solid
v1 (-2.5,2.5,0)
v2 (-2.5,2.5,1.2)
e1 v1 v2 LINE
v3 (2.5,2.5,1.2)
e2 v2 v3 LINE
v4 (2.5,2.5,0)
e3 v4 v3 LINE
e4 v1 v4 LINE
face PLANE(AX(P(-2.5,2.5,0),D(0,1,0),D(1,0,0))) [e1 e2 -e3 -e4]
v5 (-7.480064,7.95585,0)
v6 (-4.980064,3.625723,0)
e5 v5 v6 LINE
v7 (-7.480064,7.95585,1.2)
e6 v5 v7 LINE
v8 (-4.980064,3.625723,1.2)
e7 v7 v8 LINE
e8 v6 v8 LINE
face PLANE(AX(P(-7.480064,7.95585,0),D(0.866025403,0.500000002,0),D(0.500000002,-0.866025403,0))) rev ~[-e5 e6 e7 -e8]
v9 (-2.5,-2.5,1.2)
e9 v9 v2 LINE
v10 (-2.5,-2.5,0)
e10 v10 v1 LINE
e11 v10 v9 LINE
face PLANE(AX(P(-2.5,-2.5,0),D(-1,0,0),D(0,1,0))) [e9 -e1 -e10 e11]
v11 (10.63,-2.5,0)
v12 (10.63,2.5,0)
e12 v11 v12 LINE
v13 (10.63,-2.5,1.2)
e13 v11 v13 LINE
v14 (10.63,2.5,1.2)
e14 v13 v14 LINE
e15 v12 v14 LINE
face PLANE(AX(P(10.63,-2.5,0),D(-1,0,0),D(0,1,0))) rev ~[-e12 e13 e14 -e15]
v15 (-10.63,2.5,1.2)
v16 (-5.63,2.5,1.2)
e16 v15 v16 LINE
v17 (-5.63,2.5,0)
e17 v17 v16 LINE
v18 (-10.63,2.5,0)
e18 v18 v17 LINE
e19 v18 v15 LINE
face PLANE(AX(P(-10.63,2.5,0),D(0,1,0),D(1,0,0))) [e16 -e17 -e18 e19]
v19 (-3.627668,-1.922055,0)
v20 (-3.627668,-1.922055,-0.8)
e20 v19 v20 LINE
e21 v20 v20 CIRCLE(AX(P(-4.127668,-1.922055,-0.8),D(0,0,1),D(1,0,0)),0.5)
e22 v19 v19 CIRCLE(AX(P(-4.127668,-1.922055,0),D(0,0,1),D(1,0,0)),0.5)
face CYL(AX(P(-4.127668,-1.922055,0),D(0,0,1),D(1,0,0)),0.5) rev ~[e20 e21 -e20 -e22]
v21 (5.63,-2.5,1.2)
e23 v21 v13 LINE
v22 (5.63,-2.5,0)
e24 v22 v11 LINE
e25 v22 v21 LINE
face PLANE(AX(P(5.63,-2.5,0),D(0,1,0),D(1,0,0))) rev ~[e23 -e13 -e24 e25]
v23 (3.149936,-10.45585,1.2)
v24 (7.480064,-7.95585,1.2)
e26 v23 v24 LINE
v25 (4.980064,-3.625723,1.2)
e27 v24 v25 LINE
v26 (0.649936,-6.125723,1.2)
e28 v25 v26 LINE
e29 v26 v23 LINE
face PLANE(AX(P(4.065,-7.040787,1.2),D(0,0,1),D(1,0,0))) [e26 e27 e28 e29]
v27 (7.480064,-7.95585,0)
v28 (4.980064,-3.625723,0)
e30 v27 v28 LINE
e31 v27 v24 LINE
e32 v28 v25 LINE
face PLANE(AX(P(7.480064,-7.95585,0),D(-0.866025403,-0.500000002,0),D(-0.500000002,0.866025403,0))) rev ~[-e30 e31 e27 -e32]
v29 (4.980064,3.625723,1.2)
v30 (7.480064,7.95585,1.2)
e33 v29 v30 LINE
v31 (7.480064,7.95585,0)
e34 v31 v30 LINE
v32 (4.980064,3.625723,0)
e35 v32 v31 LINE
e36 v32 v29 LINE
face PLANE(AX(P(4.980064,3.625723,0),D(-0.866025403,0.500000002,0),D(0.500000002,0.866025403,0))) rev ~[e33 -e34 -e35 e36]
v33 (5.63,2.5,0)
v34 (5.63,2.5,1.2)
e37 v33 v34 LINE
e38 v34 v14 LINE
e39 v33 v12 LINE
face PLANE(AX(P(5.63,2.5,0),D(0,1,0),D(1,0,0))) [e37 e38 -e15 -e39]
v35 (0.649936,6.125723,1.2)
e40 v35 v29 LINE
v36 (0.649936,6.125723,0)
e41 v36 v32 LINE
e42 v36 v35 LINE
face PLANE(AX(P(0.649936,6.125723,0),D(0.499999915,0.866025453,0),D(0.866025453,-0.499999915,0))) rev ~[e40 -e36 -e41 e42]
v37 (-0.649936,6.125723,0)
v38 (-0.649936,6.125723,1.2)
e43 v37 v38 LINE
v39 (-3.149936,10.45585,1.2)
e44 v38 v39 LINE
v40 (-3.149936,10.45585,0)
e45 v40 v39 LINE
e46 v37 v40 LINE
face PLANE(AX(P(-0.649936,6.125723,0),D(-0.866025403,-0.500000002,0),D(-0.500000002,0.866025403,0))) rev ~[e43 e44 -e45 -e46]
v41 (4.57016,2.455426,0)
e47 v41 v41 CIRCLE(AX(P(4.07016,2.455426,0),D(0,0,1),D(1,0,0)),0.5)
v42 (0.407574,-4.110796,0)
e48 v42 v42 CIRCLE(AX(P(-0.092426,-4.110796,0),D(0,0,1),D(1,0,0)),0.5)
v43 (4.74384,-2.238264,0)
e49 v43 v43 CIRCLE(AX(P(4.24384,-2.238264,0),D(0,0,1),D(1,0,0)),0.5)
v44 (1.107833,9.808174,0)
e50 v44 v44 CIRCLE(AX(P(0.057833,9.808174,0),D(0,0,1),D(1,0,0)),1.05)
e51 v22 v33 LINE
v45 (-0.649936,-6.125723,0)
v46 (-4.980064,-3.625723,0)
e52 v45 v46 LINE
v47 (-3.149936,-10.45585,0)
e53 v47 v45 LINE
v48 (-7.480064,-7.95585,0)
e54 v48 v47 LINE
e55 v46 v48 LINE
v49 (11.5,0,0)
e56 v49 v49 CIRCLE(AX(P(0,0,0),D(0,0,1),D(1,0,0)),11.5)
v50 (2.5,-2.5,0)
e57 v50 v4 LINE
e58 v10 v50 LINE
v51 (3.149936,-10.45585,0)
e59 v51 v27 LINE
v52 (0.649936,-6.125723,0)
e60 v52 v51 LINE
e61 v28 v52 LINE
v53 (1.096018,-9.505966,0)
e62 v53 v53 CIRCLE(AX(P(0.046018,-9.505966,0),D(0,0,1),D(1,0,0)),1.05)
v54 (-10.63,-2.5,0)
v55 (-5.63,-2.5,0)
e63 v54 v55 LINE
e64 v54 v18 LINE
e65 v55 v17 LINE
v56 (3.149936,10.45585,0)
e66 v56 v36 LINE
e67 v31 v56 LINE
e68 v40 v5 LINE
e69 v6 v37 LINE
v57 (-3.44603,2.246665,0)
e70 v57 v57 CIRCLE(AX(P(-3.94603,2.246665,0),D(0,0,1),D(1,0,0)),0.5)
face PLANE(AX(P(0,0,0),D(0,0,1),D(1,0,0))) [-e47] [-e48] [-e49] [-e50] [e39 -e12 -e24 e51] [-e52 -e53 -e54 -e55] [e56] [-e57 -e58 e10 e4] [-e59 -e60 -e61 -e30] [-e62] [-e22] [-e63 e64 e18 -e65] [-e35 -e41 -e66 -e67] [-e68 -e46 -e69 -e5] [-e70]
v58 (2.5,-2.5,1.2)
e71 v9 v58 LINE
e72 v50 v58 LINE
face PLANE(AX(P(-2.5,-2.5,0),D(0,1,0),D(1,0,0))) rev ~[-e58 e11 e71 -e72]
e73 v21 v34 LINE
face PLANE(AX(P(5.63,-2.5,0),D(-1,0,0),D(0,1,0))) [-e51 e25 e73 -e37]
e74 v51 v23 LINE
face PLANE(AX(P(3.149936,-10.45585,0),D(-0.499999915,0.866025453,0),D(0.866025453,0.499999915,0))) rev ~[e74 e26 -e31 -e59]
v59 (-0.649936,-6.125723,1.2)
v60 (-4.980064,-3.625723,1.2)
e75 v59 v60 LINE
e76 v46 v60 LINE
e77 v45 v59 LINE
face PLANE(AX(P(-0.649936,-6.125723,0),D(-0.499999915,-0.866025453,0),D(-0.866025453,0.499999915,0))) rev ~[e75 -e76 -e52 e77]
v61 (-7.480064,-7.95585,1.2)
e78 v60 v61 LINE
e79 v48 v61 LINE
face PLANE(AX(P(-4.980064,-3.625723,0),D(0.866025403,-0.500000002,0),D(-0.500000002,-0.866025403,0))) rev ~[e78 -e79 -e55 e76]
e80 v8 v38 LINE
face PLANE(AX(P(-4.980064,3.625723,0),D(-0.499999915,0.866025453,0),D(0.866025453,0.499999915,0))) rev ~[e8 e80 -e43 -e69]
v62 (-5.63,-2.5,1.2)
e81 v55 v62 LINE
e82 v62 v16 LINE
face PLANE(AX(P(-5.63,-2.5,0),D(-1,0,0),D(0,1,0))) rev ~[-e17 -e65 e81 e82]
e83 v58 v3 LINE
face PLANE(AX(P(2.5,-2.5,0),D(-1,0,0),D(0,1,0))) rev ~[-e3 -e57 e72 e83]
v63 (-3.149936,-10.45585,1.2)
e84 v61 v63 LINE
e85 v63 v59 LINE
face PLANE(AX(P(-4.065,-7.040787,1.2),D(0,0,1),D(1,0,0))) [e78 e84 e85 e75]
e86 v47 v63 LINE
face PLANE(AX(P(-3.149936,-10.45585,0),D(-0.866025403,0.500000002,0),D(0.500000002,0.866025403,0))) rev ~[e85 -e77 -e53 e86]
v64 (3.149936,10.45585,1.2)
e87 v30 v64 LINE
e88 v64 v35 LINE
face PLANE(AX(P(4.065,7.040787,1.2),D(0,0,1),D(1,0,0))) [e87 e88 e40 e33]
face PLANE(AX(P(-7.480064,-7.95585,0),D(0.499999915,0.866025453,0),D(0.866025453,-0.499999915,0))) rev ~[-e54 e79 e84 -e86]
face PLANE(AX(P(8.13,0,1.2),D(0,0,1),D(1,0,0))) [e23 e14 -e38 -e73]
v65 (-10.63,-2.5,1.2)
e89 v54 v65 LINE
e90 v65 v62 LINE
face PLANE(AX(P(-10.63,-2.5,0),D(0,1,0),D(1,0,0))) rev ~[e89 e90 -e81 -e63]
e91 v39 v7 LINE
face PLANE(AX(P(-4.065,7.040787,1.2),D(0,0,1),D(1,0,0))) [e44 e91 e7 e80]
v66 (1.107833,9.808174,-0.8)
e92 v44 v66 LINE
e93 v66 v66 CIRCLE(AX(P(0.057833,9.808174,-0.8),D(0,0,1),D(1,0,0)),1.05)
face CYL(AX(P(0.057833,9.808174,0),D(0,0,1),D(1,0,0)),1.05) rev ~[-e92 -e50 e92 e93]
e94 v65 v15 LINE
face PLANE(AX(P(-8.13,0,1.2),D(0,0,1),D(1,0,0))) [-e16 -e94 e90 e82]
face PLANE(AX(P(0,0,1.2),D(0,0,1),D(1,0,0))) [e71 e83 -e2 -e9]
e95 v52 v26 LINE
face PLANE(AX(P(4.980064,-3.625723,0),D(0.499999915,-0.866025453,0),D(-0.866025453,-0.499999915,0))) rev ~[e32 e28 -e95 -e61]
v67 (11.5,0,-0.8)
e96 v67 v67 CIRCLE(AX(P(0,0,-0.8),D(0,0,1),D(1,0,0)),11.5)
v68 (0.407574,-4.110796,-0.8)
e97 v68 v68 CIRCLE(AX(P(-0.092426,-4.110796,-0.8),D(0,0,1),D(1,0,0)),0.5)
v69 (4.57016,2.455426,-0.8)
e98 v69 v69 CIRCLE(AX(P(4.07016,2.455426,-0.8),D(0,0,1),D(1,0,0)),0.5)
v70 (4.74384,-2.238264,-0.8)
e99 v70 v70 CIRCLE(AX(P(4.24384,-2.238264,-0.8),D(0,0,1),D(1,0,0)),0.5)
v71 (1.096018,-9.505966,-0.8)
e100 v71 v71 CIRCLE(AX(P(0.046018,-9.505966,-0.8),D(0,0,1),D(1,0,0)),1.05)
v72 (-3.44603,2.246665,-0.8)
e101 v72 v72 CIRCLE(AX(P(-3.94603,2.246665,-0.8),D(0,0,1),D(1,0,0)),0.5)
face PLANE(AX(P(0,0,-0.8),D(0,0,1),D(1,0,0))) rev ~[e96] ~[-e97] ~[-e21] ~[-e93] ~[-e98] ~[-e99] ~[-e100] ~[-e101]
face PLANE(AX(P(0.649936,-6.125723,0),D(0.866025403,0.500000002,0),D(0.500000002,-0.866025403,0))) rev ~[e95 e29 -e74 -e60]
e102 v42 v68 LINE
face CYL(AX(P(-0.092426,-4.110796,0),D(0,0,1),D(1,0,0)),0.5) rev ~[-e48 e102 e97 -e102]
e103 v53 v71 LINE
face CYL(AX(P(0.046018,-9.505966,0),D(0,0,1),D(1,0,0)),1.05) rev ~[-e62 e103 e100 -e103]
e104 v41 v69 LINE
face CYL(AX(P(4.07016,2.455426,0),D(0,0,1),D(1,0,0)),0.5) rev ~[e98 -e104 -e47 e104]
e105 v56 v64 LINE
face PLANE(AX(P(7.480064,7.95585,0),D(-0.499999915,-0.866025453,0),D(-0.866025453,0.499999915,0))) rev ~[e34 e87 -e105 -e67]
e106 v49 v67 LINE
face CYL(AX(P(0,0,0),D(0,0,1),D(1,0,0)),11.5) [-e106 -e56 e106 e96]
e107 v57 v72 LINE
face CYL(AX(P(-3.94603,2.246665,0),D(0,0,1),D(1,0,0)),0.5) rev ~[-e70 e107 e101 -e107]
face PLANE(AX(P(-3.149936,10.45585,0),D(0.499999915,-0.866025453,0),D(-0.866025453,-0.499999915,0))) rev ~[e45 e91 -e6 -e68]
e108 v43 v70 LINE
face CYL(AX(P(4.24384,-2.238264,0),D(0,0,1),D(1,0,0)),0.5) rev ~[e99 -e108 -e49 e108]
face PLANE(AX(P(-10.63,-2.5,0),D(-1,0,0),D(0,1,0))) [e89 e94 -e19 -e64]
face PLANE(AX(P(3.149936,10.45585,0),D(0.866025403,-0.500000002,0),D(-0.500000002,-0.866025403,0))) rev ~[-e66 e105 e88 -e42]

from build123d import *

# Parameters (mm, degrees)
F0_R     = 11.5
F0_R_2   = 0.5
F0_R_3   = 1.05
F0_W     = 5
F0_H     = 5
F1_DEPTH = 0.8
F2_DEPTH = 1.2


with BuildPart() as f1:
    # F0 (on Top) → F1 (new body)
    with BuildSketch(Plane.XY):
        Circle(F0_R)
        Polygon((-4.980064, -3.625723), (-0.649936, -6.125723), (-3.149936, -10.45585), (-7.480064, -7.95585), align=None, mode=Mode.SUBTRACT)
        with Locations((-0.092426, -4.110796)):
            Circle(F0_R_2, mode=Mode.SUBTRACT)
        with Locations((-4.127668, -1.922055)):
            Circle(F0_R_2, mode=Mode.SUBTRACT)
        with Locations((0.046018, -9.505966)):
            Circle(F0_R_3, mode=Mode.SUBTRACT)
        Polygon((0.649936, -6.125723), (4.980064, -3.625723), (7.480064, -7.95585), (3.149936, -10.45585), align=None, mode=Mode.SUBTRACT)
        with Locations((4.24384, -2.238264)):
            Circle(F0_R_2, mode=Mode.SUBTRACT)
        with Locations((-8.13, 0)):
            Rectangle(F0_W, F0_H, mode=Mode.SUBTRACT)
        with Locations((-3.94603, 2.246665)):
            Circle(F0_R_2, mode=Mode.SUBTRACT)
        Polygon((-0.649936, 6.125723), (-4.980064, 3.625723), (-7.480064, 7.95585), (-3.149936, 10.45585), align=None, mode=Mode.SUBTRACT)
        Rectangle(F0_W, F0_H, mode=Mode.SUBTRACT)
        with Locations((4.07016, 2.455426)):
            Circle(F0_R_2, mode=Mode.SUBTRACT)
        with Locations((8.13, 0)):
            Rectangle(F0_W, F0_H, mode=Mode.SUBTRACT)
        Polygon((4.980064, 3.625723), (0.649936, 6.125723), (3.149936, 10.45585), (7.480064, 7.95585), align=None, mode=Mode.SUBTRACT)
        with Locations((0.057833, 9.808174)):
            Circle(F0_R_3, mode=Mode.SUBTRACT)
        Polygon((-7.480064, 7.95585), (-4.980064, 3.625723), (-0.649936, 6.125723), (-3.149936, 10.45585), align=None)
        Polygon((3.149936, 10.45585), (0.649936, 6.125723), (4.980064, 3.625723), (7.480064, 7.95585), align=None)
        with Locations((8.13, 0)):
            Rectangle(F0_W, F0_H)
        with Locations((-8.13, 0)):
            Rectangle(F0_W, F0_H)
        Rectangle(F0_W, F0_H)
        Polygon((-3.149936, -10.45585), (-0.649936, -6.125723), (-4.980064, -3.625723), (-7.480064, -7.95585), align=None)
        Polygon((7.480064, -7.95585), (4.980064, -3.625723), (0.649936, -6.125723), (3.149936, -10.45585), align=None)
    extrude(amount=-F1_DEPTH)

    # F0 (on Top) → F2 (join)
    with BuildSketch(Plane.XY):
        Polygon((-7.480064, 7.95585), (-4.980064, 3.625723), (-0.649936, 6.125723), (-3.149936, 10.45585), align=None)
        Polygon((3.149936, 10.45585), (0.649936, 6.125723), (4.980064, 3.625723), (7.480064, 7.95585), align=None)
        with Locations((-8.13, 0)):
            Rectangle(F0_W, F0_H)
        Rectangle(F0_W, F0_H)
        with Locations((8.13, 0)):
            Rectangle(F0_W, F0_H)
        Polygon((-3.149936, -10.45585), (-0.649936, -6.125723), (-4.980064, -3.625723), (-7.480064, -7.95585), align=None)
        Polygon((7.480064, -7.95585), (4.980064, -3.625723), (0.649936, -6.125723), (3.149936, -10.45585), align=None)
    extrude(amount=F2_DEPTH)


solid = f1.part
